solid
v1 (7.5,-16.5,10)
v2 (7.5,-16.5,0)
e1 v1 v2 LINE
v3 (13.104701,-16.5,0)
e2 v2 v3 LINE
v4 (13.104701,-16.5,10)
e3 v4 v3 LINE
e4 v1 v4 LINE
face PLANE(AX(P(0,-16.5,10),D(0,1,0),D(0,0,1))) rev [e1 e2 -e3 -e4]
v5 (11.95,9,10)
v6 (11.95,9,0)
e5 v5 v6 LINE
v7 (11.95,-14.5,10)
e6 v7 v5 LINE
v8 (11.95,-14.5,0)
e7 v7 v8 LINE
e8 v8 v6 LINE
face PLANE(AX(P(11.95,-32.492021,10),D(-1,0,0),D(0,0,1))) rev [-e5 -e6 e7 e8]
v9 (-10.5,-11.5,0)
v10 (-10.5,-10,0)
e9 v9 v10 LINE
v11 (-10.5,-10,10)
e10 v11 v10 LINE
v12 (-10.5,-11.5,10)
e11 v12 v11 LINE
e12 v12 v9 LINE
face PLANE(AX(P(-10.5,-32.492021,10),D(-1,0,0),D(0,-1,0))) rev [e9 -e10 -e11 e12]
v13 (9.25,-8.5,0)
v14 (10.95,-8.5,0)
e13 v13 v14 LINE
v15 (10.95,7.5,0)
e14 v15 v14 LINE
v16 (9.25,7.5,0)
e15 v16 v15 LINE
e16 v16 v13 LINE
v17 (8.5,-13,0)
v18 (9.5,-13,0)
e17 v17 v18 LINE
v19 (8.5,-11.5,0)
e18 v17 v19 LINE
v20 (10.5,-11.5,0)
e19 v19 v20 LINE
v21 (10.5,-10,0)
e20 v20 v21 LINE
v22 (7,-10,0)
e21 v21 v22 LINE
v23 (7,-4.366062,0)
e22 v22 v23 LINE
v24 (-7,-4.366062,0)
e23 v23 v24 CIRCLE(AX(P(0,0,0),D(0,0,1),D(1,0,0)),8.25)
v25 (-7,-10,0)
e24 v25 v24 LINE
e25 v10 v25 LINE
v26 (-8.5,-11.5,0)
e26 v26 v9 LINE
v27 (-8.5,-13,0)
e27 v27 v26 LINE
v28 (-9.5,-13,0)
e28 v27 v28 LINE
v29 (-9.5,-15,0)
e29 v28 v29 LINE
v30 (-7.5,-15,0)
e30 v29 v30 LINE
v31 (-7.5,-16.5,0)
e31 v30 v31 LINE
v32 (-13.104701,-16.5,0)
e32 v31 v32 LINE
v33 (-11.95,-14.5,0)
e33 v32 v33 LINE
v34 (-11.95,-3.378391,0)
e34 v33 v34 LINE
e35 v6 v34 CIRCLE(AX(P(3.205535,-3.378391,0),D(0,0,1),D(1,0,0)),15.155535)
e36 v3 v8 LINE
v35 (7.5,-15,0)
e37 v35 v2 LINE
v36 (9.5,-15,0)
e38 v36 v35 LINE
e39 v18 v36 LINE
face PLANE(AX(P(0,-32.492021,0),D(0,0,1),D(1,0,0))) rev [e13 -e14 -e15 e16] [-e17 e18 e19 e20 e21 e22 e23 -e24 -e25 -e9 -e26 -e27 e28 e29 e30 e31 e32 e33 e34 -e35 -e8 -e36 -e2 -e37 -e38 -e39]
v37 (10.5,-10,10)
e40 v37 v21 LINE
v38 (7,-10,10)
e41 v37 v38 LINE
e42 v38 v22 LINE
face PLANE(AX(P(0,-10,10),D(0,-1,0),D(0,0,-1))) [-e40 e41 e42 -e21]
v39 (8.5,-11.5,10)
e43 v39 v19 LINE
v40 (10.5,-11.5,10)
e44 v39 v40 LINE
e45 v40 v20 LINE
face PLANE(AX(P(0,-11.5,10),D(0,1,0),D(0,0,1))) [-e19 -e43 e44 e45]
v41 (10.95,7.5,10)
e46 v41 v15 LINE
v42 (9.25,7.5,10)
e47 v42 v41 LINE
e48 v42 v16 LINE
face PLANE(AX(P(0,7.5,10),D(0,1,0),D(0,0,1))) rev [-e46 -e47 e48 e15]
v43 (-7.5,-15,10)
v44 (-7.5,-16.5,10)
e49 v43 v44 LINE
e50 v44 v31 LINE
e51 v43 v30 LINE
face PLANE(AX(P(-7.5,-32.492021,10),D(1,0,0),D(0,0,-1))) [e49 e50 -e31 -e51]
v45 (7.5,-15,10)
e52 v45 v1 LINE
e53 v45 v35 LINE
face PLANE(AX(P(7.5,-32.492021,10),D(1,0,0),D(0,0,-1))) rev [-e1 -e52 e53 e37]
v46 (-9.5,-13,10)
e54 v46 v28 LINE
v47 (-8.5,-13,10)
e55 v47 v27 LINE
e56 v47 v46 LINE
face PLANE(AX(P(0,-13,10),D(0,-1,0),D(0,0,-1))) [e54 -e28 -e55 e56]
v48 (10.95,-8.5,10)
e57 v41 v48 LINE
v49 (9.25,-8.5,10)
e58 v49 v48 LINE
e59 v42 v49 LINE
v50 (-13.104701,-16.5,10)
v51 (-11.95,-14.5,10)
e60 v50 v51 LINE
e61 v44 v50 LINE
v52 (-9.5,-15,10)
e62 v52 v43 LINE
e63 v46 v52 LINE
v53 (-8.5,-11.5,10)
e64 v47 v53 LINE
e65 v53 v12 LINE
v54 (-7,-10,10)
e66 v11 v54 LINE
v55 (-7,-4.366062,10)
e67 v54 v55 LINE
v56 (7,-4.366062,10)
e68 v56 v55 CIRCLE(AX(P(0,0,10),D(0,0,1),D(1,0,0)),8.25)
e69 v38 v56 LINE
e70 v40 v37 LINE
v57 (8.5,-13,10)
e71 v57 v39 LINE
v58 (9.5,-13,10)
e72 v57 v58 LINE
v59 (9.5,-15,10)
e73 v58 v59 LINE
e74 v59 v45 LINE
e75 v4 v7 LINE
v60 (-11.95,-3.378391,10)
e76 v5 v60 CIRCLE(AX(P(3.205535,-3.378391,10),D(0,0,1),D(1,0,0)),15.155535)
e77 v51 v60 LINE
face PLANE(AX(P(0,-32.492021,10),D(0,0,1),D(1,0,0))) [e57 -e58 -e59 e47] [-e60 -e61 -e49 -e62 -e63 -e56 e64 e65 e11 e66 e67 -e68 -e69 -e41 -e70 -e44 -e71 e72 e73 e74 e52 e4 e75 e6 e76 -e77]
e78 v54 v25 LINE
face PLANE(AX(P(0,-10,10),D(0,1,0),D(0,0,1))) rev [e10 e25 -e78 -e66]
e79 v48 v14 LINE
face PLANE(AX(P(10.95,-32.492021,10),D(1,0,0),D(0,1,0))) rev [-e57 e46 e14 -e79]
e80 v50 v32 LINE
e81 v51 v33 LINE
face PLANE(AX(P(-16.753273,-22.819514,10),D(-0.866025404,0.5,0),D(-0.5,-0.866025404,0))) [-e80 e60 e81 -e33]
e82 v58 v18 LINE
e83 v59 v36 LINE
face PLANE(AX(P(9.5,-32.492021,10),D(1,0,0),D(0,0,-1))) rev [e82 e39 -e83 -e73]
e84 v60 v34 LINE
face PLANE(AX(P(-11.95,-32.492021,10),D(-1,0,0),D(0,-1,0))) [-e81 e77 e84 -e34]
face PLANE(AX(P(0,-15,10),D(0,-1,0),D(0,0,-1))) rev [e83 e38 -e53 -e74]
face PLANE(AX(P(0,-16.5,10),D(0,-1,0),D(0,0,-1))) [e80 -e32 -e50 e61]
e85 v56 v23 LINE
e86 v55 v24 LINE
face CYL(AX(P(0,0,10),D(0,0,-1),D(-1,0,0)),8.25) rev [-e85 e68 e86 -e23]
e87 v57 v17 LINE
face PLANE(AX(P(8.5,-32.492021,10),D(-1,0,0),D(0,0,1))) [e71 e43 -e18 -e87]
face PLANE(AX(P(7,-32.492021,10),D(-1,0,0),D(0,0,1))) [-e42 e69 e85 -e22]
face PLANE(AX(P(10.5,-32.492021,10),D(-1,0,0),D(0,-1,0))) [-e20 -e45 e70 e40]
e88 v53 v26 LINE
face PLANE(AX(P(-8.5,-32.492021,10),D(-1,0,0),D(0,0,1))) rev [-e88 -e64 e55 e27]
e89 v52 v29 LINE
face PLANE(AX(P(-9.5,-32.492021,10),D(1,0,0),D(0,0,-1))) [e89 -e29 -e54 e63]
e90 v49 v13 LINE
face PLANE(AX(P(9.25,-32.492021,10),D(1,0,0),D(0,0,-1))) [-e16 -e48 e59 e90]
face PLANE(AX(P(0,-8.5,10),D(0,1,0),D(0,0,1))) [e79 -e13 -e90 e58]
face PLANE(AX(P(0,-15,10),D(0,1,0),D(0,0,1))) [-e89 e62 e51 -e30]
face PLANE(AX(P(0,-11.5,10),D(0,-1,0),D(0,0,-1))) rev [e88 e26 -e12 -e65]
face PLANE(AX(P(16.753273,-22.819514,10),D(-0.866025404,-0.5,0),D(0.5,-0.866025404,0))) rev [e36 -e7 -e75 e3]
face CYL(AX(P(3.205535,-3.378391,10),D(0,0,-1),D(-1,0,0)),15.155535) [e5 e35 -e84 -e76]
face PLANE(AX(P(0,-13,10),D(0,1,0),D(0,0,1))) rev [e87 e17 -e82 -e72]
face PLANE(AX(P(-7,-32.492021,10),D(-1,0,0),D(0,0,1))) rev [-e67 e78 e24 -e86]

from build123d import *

# Parameters (mm, degrees)
SKETCH1_W           = 1.7
SKETCH1_H           = 16
BOSS_EXTRUDE1_DEPTH = 10


with BuildPart() as part:
    # Sketch1 → Boss-Extrude1 (new body)
    with BuildSketch(Plane.XY):
        with BuildLine():
            Line((8.5, -13), (9.5, -13))
            Line((9.5, -13), (9.5, -15))
            Line((9.5, -15), (7.5, -15))
            Line((7.5, -15), (7.5, -16.5))
            Line((7.5, -16.5), (13.104700538, -16.5))
            Line((13.104700538, -16.5), (11.95, -14.5))
            Line((11.95, -14.5), (11.95, 9))
            ThreePointArc((11.95, 9), (-3.764514939, 10.079270346), (-11.95, -3.378390615))
            Line((-11.95, -3.378390615), (-11.95, -14.5))
            Line((-11.95, -14.5), (-13.104700538, -16.5))
            Line((-13.104700538, -16.5), (-7.5, -16.5))
            Line((-7.5, -16.5), (-7.5, -15))
            Line((-7.5, -15), (-9.5, -15))
            Line((-9.5, -15), (-9.5, -13))
            Line((-9.5, -13), (-8.5, -13))
            Line((-8.5, -13), (-8.5, -11.5))
            Line((-8.5, -11.5), (-10.5, -11.5))
            Line((-10.5, -11.5), (-10.5, -10))
            Line((-10.5, -10), (-7, -10))
            Line((-7, -10), (-7, -4.366062299))
            ThreePointArc((-7, -4.366062299), (0, 8.25), (7, -4.366062299))
            Line((7, -4.366062299), (7, -10))
            Line((7, -10), (10.5, -10))
            Line((10.5, -10), (10.5, -11.5))
            Line((10.5, -11.5), (8.5, -11.5))
            Line((8.5, -11.5), (8.5, -13))
        make_face()
        with Locations((10.1, -0.5)):
            Rectangle(SKETCH1_W, SKETCH1_H, mode=Mode.SUBTRACT)
    extrude(amount=BOSS_EXTRUDE1_DEPTH)


solid = part.part
